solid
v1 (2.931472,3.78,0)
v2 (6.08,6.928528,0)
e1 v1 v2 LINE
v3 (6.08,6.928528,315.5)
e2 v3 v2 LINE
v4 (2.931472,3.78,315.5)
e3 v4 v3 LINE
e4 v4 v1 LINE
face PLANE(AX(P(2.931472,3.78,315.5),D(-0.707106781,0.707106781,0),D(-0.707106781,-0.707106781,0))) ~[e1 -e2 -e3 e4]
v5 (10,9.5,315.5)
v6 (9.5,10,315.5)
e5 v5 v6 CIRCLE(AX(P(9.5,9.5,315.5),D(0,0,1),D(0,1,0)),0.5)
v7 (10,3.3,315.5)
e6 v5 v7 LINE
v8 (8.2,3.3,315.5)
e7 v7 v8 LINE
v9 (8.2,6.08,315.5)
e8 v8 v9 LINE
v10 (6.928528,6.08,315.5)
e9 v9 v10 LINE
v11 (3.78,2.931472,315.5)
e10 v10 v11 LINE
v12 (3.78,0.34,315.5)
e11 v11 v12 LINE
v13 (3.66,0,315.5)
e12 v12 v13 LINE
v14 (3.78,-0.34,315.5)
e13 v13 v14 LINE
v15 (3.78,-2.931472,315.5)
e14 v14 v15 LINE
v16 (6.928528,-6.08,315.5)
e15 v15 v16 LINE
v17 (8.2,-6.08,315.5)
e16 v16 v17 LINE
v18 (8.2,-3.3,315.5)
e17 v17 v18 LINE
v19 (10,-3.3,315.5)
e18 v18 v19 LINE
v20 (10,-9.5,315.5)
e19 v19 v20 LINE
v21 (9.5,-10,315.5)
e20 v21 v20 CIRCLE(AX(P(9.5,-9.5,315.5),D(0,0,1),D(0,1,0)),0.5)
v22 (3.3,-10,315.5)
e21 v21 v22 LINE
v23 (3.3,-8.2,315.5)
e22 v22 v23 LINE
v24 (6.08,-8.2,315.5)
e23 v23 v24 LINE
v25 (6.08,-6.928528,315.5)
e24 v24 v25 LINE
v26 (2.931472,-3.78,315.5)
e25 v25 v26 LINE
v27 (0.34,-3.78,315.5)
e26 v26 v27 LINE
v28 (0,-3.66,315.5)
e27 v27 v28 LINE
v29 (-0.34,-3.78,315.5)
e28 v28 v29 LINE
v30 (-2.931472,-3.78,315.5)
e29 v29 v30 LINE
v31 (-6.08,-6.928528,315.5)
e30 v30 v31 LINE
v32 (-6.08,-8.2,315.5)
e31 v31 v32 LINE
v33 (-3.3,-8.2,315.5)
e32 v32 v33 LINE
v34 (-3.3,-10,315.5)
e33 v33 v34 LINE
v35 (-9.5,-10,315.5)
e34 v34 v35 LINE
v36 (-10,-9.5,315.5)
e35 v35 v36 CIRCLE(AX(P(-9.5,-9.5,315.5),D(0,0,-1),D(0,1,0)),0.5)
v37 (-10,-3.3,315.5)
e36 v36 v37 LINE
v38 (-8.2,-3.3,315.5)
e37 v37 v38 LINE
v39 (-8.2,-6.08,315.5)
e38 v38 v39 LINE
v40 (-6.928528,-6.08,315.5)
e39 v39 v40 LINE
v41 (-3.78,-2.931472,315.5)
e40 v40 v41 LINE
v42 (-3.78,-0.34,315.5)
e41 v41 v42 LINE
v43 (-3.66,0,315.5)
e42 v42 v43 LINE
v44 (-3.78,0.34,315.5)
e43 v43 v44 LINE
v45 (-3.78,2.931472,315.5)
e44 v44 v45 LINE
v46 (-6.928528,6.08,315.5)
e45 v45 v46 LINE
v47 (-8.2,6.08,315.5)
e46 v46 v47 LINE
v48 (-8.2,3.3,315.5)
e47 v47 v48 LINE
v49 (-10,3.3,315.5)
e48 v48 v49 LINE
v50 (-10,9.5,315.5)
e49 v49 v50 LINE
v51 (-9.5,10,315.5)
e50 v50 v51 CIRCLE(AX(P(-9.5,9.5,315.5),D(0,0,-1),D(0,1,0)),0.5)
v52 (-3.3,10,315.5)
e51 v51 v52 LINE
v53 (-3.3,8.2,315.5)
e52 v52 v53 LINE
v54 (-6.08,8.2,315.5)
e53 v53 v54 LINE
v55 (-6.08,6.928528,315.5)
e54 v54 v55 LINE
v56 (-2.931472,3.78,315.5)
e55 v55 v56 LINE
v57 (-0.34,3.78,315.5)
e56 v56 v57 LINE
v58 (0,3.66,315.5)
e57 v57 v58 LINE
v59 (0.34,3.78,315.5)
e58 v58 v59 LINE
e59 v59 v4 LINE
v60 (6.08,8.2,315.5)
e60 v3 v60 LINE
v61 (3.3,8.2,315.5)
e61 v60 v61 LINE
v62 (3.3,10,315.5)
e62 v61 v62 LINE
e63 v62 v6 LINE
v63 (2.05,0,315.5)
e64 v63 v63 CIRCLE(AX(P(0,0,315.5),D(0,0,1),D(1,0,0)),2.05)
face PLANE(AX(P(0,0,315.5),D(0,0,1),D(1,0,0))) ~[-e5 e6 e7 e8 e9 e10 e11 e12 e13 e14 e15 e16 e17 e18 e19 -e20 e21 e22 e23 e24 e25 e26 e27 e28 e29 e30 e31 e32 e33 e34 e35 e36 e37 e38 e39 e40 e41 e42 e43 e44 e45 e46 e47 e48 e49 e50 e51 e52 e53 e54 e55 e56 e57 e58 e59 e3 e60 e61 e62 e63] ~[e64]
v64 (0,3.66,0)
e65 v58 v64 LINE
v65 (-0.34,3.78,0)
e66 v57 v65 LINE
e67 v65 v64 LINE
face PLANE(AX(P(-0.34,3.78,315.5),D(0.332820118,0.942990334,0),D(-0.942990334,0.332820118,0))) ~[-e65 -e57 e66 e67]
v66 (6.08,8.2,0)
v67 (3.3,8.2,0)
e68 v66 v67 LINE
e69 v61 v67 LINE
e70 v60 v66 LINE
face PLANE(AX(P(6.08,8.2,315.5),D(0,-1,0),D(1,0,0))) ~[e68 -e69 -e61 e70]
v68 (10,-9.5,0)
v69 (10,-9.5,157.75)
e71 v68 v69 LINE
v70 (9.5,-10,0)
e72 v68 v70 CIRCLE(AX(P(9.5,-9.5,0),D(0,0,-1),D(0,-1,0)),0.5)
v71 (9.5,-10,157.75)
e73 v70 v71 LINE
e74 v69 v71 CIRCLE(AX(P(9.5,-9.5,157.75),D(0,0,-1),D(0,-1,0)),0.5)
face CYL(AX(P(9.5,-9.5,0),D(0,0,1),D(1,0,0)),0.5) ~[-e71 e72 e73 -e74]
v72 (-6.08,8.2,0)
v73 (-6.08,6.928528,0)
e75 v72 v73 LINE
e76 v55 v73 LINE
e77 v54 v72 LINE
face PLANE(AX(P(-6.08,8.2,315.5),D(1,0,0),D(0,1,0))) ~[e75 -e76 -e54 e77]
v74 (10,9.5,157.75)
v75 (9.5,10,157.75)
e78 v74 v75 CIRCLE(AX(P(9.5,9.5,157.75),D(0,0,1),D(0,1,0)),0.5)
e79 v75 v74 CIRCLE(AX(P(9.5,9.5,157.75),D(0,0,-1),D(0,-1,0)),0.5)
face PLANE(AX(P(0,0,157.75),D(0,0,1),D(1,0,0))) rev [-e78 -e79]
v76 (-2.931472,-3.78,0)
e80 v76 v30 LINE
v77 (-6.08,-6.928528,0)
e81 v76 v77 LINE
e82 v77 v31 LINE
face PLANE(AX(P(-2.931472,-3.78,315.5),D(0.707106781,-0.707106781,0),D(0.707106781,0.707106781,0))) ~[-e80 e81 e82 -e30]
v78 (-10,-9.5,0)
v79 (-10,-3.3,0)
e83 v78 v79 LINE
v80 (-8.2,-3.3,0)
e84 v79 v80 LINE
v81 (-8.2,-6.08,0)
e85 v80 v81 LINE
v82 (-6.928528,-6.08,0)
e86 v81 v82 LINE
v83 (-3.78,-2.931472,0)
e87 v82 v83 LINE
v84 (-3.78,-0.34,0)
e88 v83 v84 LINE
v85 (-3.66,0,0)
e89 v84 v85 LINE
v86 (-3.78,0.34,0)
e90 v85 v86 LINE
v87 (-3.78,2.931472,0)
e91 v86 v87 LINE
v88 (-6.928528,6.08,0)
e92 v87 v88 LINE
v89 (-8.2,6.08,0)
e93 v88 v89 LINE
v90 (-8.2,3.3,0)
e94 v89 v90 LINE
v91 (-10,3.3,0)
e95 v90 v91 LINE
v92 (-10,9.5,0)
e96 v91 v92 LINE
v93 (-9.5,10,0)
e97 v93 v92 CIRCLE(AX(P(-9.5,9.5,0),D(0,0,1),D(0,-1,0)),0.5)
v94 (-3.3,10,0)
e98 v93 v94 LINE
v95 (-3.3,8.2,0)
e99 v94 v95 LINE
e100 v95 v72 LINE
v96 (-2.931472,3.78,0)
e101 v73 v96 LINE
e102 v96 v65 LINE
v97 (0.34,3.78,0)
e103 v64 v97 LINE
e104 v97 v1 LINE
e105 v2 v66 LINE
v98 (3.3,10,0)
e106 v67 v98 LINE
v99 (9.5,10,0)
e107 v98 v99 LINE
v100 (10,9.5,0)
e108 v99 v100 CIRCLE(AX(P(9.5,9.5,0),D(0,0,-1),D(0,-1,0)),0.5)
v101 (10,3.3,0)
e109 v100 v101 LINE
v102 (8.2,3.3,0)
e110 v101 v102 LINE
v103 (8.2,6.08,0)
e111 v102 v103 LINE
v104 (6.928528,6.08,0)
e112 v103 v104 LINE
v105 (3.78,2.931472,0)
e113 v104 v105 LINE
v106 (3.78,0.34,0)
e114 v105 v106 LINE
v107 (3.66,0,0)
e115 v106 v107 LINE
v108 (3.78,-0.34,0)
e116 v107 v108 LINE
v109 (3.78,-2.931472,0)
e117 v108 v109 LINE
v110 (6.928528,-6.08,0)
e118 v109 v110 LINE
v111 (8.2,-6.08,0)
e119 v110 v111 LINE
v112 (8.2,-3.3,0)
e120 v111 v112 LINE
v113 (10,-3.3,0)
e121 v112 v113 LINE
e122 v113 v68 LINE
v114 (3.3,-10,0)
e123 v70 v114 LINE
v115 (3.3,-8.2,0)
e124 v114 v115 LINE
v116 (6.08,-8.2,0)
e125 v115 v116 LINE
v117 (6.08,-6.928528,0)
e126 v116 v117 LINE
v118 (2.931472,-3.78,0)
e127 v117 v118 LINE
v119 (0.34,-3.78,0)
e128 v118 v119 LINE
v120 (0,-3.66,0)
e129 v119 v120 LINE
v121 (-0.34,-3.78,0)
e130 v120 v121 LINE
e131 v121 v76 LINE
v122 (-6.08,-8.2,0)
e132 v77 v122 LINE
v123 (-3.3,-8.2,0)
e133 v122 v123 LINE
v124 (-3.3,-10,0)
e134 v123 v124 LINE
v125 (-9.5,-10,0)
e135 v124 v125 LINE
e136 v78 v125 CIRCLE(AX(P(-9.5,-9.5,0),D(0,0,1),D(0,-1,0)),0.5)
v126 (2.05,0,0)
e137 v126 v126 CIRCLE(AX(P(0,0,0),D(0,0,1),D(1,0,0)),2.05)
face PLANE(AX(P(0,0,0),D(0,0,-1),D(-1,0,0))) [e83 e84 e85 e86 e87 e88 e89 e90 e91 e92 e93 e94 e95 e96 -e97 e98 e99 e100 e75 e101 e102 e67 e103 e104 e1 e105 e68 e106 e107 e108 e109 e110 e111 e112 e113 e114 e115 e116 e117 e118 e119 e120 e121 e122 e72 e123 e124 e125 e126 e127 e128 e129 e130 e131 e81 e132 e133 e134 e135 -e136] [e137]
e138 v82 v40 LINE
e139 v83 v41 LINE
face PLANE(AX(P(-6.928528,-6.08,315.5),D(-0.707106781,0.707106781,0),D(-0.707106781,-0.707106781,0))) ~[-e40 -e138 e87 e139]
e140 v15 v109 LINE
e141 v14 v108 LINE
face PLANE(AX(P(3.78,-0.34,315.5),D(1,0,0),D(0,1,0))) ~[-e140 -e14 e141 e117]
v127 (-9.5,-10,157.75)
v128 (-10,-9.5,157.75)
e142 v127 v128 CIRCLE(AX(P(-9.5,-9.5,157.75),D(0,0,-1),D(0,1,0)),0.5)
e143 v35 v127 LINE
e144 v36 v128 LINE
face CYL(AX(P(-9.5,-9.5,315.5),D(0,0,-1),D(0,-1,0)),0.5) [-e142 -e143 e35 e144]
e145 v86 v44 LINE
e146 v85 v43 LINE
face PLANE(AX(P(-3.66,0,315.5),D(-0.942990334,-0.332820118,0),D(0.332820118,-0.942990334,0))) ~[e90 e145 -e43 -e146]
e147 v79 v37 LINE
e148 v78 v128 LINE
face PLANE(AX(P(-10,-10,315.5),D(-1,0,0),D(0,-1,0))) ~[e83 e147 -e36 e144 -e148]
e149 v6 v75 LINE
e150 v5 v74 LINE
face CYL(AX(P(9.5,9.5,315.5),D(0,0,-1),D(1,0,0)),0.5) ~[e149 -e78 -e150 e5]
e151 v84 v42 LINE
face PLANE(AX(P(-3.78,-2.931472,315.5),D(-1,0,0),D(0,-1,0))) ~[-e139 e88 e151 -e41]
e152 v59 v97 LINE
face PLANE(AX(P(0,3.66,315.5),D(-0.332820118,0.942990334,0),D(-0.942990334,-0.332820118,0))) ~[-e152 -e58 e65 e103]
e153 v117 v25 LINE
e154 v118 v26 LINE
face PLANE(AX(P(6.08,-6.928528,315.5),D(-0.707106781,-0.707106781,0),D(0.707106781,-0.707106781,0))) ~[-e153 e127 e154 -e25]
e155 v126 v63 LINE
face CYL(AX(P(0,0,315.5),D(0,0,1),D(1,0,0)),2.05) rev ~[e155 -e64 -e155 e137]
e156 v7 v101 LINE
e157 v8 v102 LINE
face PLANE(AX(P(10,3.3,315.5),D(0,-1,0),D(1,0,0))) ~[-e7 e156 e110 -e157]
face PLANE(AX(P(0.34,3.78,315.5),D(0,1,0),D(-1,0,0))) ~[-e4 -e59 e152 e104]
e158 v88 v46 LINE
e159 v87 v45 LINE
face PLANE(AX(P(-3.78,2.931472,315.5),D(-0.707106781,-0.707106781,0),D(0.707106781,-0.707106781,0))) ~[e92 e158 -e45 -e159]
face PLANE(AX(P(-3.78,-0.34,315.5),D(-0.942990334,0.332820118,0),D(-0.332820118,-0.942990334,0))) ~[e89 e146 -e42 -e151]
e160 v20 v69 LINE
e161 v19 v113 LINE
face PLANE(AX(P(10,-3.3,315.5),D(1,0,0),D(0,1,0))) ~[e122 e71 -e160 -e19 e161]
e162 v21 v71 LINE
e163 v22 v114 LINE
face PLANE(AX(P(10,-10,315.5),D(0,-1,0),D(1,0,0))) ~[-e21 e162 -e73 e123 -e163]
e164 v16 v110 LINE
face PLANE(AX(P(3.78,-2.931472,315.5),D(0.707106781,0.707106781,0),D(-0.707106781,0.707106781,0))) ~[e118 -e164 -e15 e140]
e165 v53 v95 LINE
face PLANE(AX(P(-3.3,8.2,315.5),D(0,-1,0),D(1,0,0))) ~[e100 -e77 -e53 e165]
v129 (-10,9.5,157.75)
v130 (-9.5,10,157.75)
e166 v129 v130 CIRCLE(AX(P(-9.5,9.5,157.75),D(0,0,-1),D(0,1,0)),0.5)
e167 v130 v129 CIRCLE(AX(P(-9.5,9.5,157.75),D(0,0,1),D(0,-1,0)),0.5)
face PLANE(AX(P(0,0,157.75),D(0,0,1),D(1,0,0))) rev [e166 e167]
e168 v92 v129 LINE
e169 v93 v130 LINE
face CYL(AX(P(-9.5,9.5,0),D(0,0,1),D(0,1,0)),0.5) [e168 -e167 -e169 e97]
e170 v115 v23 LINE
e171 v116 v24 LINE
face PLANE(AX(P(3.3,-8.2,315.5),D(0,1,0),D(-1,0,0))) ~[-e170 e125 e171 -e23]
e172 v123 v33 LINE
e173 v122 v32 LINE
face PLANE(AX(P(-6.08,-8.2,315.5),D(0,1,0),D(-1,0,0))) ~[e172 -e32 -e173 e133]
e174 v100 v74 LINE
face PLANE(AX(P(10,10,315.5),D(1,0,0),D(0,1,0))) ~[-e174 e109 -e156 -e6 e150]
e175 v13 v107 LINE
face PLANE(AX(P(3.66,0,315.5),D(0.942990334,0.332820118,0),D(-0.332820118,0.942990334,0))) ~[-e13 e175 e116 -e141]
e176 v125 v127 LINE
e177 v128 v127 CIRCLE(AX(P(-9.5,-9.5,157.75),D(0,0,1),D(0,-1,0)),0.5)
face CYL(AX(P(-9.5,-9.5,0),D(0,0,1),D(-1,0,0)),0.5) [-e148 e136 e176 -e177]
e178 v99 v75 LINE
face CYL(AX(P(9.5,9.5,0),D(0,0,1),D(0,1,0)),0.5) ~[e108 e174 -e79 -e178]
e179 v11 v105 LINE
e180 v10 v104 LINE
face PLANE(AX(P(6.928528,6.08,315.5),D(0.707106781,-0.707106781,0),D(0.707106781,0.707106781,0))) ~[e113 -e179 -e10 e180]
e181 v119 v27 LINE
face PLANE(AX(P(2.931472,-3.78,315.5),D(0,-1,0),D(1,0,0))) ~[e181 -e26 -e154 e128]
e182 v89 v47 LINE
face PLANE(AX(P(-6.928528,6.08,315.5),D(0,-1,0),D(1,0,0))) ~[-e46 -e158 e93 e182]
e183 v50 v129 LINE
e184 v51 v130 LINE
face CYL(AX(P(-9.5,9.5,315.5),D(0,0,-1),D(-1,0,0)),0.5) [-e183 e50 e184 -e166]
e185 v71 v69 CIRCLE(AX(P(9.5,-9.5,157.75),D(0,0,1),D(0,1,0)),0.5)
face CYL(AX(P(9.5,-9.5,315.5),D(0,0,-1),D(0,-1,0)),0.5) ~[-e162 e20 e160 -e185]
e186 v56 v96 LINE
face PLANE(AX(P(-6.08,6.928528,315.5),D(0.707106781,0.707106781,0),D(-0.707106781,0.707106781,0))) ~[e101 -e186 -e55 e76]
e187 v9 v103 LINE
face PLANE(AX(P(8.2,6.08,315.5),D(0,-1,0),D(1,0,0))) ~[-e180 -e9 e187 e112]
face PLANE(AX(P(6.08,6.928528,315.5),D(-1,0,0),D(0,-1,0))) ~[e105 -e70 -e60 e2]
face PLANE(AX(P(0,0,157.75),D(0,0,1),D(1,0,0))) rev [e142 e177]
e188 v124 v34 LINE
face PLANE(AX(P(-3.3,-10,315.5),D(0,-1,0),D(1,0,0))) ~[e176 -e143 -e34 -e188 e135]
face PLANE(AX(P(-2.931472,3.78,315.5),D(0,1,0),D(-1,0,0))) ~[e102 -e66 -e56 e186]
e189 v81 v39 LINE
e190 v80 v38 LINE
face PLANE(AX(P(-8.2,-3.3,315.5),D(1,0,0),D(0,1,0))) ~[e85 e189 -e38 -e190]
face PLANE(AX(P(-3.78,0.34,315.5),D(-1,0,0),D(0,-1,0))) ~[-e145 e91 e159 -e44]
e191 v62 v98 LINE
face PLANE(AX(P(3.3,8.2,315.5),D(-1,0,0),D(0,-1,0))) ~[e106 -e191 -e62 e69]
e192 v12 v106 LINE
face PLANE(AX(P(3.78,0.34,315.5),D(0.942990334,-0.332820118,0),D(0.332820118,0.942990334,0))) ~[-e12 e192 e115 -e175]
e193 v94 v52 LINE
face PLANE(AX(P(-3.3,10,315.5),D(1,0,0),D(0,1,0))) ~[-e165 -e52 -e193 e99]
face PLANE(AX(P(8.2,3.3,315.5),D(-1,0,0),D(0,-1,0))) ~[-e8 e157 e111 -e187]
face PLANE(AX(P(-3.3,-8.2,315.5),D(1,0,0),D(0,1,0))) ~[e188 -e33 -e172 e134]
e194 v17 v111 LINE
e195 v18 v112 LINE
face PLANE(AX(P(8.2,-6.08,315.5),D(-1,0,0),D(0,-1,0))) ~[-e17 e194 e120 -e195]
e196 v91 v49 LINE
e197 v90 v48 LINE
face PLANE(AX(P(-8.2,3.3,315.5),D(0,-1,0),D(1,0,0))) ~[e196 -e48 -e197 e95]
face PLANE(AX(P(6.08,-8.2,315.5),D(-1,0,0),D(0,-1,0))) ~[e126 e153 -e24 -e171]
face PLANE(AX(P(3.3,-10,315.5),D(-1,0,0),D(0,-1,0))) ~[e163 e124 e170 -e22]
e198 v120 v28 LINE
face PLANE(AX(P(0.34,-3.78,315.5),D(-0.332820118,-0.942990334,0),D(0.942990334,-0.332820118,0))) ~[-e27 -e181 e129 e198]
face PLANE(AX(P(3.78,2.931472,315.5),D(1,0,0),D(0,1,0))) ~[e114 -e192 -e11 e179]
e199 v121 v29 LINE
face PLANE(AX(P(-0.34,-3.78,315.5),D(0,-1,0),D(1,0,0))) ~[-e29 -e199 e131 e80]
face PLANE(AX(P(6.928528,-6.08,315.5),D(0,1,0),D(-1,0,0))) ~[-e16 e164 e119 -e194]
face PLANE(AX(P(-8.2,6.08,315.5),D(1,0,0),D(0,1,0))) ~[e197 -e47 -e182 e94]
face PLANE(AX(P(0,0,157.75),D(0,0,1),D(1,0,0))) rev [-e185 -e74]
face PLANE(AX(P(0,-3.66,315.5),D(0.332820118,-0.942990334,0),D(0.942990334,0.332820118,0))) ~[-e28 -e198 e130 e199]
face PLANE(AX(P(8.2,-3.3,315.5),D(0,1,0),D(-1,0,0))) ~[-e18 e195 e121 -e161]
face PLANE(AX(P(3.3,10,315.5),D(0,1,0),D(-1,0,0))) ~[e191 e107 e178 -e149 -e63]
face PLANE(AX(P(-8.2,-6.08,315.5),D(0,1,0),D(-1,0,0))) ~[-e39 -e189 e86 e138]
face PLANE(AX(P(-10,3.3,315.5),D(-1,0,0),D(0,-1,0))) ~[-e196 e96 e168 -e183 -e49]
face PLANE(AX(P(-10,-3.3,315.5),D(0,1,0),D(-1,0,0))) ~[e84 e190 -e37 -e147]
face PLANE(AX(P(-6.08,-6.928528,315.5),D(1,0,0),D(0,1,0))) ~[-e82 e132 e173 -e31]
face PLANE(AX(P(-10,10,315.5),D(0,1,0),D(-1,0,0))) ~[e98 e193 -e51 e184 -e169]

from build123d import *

# Parameters (mm, degrees)
SKETCH1_R            = 2.05
BOSS_EXTRUDE1_DEPTH  = 157.75
FILLET1_R            = 0.5
FILLET1_OF_MIRROR2_R = 0.5


with BuildPart() as part:
    # Sketch1 → Boss-Extrude1 (new body)
    with BuildSketch(Plane.XY):
        Polygon((-3.3, 10), (-3.3, 8.2), (-6.08, 8.2), (-6.08, 6.928528137), (-2.931471863, 3.78), (-0.34, 3.78), (0, 3.66), (0.34, 3.78), (2.931471863, 3.78), (6.08, 6.928528137), (6.08, 8.2), (3.3, 8.2), (3.3, 10), (10, 10), (10, 3.3), (8.2, 3.3), (8.2, 6.08), (6.928528137, 6.08), (3.78, 2.931471863), (3.78, 0.34), (3.66, 0), (3.78, -0.34), (3.78, -2.931471863), (6.928528137, -6.08), (8.2, -6.08), (8.2, -3.3), (10, -3.3), (10, -10), (3.3, -10), (3.3, -8.2), (6.08, -8.2), (6.08, -6.928528137), (2.931471863, -3.78), (0.34, -3.78), (0, -3.66), (-0.34, -3.78), (-2.931471863, -3.78), (-6.08, -6.928528137), (-6.08, -8.2), (-3.3, -8.2), (-3.3, -10), (-10, -10), (-10, -3.3), (-8.2, -3.3), (-8.2, -6.08), (-6.928528137, -6.08), (-3.78, -2.931471863), (-3.78, -0.34), (-3.66, 0), (-3.78, 0.34), (-3.78, 2.931471863), (-6.928528137, 6.08), (-8.2, 6.08), (-8.2, 3.3), (-10, 3.3), (-10, 10), align=None)
        Circle(SKETCH1_R, mode=Mode.SUBTRACT)
    boss_extrude1 = extrude(amount=BOSS_EXTRUDE1_DEPTH)

    # Fillet1
    fillet1_edges = [part.edges().sort_by_distance(p)[0] for p in [
        (10, 10, 78.875),
        (10, -10, 78.875),
        (-10, -10, 78.875),
        (-10, 10, 78.875),
    ]]
    fillet(fillet1_edges, radius=FILLET1_R)

    # Mirror2: Boss-Extrude1 across plane
    add(boss_extrude1.mirror(Plane.XY.offset(157.75)))

    # Fillet1 of Mirror2
    fillet1_of_mirror2_edges = [part.edges().sort_by_distance(p)[0] for p in [
        (10, 10, 236.625),
        (10, -10, 236.625),
        (-10, -10, 236.625),
        (-10, 10, 236.625),
    ]]
    fillet(fillet1_of_mirror2_edges, radius=FILLET1_OF_MIRROR2_R)


solid = part.part
